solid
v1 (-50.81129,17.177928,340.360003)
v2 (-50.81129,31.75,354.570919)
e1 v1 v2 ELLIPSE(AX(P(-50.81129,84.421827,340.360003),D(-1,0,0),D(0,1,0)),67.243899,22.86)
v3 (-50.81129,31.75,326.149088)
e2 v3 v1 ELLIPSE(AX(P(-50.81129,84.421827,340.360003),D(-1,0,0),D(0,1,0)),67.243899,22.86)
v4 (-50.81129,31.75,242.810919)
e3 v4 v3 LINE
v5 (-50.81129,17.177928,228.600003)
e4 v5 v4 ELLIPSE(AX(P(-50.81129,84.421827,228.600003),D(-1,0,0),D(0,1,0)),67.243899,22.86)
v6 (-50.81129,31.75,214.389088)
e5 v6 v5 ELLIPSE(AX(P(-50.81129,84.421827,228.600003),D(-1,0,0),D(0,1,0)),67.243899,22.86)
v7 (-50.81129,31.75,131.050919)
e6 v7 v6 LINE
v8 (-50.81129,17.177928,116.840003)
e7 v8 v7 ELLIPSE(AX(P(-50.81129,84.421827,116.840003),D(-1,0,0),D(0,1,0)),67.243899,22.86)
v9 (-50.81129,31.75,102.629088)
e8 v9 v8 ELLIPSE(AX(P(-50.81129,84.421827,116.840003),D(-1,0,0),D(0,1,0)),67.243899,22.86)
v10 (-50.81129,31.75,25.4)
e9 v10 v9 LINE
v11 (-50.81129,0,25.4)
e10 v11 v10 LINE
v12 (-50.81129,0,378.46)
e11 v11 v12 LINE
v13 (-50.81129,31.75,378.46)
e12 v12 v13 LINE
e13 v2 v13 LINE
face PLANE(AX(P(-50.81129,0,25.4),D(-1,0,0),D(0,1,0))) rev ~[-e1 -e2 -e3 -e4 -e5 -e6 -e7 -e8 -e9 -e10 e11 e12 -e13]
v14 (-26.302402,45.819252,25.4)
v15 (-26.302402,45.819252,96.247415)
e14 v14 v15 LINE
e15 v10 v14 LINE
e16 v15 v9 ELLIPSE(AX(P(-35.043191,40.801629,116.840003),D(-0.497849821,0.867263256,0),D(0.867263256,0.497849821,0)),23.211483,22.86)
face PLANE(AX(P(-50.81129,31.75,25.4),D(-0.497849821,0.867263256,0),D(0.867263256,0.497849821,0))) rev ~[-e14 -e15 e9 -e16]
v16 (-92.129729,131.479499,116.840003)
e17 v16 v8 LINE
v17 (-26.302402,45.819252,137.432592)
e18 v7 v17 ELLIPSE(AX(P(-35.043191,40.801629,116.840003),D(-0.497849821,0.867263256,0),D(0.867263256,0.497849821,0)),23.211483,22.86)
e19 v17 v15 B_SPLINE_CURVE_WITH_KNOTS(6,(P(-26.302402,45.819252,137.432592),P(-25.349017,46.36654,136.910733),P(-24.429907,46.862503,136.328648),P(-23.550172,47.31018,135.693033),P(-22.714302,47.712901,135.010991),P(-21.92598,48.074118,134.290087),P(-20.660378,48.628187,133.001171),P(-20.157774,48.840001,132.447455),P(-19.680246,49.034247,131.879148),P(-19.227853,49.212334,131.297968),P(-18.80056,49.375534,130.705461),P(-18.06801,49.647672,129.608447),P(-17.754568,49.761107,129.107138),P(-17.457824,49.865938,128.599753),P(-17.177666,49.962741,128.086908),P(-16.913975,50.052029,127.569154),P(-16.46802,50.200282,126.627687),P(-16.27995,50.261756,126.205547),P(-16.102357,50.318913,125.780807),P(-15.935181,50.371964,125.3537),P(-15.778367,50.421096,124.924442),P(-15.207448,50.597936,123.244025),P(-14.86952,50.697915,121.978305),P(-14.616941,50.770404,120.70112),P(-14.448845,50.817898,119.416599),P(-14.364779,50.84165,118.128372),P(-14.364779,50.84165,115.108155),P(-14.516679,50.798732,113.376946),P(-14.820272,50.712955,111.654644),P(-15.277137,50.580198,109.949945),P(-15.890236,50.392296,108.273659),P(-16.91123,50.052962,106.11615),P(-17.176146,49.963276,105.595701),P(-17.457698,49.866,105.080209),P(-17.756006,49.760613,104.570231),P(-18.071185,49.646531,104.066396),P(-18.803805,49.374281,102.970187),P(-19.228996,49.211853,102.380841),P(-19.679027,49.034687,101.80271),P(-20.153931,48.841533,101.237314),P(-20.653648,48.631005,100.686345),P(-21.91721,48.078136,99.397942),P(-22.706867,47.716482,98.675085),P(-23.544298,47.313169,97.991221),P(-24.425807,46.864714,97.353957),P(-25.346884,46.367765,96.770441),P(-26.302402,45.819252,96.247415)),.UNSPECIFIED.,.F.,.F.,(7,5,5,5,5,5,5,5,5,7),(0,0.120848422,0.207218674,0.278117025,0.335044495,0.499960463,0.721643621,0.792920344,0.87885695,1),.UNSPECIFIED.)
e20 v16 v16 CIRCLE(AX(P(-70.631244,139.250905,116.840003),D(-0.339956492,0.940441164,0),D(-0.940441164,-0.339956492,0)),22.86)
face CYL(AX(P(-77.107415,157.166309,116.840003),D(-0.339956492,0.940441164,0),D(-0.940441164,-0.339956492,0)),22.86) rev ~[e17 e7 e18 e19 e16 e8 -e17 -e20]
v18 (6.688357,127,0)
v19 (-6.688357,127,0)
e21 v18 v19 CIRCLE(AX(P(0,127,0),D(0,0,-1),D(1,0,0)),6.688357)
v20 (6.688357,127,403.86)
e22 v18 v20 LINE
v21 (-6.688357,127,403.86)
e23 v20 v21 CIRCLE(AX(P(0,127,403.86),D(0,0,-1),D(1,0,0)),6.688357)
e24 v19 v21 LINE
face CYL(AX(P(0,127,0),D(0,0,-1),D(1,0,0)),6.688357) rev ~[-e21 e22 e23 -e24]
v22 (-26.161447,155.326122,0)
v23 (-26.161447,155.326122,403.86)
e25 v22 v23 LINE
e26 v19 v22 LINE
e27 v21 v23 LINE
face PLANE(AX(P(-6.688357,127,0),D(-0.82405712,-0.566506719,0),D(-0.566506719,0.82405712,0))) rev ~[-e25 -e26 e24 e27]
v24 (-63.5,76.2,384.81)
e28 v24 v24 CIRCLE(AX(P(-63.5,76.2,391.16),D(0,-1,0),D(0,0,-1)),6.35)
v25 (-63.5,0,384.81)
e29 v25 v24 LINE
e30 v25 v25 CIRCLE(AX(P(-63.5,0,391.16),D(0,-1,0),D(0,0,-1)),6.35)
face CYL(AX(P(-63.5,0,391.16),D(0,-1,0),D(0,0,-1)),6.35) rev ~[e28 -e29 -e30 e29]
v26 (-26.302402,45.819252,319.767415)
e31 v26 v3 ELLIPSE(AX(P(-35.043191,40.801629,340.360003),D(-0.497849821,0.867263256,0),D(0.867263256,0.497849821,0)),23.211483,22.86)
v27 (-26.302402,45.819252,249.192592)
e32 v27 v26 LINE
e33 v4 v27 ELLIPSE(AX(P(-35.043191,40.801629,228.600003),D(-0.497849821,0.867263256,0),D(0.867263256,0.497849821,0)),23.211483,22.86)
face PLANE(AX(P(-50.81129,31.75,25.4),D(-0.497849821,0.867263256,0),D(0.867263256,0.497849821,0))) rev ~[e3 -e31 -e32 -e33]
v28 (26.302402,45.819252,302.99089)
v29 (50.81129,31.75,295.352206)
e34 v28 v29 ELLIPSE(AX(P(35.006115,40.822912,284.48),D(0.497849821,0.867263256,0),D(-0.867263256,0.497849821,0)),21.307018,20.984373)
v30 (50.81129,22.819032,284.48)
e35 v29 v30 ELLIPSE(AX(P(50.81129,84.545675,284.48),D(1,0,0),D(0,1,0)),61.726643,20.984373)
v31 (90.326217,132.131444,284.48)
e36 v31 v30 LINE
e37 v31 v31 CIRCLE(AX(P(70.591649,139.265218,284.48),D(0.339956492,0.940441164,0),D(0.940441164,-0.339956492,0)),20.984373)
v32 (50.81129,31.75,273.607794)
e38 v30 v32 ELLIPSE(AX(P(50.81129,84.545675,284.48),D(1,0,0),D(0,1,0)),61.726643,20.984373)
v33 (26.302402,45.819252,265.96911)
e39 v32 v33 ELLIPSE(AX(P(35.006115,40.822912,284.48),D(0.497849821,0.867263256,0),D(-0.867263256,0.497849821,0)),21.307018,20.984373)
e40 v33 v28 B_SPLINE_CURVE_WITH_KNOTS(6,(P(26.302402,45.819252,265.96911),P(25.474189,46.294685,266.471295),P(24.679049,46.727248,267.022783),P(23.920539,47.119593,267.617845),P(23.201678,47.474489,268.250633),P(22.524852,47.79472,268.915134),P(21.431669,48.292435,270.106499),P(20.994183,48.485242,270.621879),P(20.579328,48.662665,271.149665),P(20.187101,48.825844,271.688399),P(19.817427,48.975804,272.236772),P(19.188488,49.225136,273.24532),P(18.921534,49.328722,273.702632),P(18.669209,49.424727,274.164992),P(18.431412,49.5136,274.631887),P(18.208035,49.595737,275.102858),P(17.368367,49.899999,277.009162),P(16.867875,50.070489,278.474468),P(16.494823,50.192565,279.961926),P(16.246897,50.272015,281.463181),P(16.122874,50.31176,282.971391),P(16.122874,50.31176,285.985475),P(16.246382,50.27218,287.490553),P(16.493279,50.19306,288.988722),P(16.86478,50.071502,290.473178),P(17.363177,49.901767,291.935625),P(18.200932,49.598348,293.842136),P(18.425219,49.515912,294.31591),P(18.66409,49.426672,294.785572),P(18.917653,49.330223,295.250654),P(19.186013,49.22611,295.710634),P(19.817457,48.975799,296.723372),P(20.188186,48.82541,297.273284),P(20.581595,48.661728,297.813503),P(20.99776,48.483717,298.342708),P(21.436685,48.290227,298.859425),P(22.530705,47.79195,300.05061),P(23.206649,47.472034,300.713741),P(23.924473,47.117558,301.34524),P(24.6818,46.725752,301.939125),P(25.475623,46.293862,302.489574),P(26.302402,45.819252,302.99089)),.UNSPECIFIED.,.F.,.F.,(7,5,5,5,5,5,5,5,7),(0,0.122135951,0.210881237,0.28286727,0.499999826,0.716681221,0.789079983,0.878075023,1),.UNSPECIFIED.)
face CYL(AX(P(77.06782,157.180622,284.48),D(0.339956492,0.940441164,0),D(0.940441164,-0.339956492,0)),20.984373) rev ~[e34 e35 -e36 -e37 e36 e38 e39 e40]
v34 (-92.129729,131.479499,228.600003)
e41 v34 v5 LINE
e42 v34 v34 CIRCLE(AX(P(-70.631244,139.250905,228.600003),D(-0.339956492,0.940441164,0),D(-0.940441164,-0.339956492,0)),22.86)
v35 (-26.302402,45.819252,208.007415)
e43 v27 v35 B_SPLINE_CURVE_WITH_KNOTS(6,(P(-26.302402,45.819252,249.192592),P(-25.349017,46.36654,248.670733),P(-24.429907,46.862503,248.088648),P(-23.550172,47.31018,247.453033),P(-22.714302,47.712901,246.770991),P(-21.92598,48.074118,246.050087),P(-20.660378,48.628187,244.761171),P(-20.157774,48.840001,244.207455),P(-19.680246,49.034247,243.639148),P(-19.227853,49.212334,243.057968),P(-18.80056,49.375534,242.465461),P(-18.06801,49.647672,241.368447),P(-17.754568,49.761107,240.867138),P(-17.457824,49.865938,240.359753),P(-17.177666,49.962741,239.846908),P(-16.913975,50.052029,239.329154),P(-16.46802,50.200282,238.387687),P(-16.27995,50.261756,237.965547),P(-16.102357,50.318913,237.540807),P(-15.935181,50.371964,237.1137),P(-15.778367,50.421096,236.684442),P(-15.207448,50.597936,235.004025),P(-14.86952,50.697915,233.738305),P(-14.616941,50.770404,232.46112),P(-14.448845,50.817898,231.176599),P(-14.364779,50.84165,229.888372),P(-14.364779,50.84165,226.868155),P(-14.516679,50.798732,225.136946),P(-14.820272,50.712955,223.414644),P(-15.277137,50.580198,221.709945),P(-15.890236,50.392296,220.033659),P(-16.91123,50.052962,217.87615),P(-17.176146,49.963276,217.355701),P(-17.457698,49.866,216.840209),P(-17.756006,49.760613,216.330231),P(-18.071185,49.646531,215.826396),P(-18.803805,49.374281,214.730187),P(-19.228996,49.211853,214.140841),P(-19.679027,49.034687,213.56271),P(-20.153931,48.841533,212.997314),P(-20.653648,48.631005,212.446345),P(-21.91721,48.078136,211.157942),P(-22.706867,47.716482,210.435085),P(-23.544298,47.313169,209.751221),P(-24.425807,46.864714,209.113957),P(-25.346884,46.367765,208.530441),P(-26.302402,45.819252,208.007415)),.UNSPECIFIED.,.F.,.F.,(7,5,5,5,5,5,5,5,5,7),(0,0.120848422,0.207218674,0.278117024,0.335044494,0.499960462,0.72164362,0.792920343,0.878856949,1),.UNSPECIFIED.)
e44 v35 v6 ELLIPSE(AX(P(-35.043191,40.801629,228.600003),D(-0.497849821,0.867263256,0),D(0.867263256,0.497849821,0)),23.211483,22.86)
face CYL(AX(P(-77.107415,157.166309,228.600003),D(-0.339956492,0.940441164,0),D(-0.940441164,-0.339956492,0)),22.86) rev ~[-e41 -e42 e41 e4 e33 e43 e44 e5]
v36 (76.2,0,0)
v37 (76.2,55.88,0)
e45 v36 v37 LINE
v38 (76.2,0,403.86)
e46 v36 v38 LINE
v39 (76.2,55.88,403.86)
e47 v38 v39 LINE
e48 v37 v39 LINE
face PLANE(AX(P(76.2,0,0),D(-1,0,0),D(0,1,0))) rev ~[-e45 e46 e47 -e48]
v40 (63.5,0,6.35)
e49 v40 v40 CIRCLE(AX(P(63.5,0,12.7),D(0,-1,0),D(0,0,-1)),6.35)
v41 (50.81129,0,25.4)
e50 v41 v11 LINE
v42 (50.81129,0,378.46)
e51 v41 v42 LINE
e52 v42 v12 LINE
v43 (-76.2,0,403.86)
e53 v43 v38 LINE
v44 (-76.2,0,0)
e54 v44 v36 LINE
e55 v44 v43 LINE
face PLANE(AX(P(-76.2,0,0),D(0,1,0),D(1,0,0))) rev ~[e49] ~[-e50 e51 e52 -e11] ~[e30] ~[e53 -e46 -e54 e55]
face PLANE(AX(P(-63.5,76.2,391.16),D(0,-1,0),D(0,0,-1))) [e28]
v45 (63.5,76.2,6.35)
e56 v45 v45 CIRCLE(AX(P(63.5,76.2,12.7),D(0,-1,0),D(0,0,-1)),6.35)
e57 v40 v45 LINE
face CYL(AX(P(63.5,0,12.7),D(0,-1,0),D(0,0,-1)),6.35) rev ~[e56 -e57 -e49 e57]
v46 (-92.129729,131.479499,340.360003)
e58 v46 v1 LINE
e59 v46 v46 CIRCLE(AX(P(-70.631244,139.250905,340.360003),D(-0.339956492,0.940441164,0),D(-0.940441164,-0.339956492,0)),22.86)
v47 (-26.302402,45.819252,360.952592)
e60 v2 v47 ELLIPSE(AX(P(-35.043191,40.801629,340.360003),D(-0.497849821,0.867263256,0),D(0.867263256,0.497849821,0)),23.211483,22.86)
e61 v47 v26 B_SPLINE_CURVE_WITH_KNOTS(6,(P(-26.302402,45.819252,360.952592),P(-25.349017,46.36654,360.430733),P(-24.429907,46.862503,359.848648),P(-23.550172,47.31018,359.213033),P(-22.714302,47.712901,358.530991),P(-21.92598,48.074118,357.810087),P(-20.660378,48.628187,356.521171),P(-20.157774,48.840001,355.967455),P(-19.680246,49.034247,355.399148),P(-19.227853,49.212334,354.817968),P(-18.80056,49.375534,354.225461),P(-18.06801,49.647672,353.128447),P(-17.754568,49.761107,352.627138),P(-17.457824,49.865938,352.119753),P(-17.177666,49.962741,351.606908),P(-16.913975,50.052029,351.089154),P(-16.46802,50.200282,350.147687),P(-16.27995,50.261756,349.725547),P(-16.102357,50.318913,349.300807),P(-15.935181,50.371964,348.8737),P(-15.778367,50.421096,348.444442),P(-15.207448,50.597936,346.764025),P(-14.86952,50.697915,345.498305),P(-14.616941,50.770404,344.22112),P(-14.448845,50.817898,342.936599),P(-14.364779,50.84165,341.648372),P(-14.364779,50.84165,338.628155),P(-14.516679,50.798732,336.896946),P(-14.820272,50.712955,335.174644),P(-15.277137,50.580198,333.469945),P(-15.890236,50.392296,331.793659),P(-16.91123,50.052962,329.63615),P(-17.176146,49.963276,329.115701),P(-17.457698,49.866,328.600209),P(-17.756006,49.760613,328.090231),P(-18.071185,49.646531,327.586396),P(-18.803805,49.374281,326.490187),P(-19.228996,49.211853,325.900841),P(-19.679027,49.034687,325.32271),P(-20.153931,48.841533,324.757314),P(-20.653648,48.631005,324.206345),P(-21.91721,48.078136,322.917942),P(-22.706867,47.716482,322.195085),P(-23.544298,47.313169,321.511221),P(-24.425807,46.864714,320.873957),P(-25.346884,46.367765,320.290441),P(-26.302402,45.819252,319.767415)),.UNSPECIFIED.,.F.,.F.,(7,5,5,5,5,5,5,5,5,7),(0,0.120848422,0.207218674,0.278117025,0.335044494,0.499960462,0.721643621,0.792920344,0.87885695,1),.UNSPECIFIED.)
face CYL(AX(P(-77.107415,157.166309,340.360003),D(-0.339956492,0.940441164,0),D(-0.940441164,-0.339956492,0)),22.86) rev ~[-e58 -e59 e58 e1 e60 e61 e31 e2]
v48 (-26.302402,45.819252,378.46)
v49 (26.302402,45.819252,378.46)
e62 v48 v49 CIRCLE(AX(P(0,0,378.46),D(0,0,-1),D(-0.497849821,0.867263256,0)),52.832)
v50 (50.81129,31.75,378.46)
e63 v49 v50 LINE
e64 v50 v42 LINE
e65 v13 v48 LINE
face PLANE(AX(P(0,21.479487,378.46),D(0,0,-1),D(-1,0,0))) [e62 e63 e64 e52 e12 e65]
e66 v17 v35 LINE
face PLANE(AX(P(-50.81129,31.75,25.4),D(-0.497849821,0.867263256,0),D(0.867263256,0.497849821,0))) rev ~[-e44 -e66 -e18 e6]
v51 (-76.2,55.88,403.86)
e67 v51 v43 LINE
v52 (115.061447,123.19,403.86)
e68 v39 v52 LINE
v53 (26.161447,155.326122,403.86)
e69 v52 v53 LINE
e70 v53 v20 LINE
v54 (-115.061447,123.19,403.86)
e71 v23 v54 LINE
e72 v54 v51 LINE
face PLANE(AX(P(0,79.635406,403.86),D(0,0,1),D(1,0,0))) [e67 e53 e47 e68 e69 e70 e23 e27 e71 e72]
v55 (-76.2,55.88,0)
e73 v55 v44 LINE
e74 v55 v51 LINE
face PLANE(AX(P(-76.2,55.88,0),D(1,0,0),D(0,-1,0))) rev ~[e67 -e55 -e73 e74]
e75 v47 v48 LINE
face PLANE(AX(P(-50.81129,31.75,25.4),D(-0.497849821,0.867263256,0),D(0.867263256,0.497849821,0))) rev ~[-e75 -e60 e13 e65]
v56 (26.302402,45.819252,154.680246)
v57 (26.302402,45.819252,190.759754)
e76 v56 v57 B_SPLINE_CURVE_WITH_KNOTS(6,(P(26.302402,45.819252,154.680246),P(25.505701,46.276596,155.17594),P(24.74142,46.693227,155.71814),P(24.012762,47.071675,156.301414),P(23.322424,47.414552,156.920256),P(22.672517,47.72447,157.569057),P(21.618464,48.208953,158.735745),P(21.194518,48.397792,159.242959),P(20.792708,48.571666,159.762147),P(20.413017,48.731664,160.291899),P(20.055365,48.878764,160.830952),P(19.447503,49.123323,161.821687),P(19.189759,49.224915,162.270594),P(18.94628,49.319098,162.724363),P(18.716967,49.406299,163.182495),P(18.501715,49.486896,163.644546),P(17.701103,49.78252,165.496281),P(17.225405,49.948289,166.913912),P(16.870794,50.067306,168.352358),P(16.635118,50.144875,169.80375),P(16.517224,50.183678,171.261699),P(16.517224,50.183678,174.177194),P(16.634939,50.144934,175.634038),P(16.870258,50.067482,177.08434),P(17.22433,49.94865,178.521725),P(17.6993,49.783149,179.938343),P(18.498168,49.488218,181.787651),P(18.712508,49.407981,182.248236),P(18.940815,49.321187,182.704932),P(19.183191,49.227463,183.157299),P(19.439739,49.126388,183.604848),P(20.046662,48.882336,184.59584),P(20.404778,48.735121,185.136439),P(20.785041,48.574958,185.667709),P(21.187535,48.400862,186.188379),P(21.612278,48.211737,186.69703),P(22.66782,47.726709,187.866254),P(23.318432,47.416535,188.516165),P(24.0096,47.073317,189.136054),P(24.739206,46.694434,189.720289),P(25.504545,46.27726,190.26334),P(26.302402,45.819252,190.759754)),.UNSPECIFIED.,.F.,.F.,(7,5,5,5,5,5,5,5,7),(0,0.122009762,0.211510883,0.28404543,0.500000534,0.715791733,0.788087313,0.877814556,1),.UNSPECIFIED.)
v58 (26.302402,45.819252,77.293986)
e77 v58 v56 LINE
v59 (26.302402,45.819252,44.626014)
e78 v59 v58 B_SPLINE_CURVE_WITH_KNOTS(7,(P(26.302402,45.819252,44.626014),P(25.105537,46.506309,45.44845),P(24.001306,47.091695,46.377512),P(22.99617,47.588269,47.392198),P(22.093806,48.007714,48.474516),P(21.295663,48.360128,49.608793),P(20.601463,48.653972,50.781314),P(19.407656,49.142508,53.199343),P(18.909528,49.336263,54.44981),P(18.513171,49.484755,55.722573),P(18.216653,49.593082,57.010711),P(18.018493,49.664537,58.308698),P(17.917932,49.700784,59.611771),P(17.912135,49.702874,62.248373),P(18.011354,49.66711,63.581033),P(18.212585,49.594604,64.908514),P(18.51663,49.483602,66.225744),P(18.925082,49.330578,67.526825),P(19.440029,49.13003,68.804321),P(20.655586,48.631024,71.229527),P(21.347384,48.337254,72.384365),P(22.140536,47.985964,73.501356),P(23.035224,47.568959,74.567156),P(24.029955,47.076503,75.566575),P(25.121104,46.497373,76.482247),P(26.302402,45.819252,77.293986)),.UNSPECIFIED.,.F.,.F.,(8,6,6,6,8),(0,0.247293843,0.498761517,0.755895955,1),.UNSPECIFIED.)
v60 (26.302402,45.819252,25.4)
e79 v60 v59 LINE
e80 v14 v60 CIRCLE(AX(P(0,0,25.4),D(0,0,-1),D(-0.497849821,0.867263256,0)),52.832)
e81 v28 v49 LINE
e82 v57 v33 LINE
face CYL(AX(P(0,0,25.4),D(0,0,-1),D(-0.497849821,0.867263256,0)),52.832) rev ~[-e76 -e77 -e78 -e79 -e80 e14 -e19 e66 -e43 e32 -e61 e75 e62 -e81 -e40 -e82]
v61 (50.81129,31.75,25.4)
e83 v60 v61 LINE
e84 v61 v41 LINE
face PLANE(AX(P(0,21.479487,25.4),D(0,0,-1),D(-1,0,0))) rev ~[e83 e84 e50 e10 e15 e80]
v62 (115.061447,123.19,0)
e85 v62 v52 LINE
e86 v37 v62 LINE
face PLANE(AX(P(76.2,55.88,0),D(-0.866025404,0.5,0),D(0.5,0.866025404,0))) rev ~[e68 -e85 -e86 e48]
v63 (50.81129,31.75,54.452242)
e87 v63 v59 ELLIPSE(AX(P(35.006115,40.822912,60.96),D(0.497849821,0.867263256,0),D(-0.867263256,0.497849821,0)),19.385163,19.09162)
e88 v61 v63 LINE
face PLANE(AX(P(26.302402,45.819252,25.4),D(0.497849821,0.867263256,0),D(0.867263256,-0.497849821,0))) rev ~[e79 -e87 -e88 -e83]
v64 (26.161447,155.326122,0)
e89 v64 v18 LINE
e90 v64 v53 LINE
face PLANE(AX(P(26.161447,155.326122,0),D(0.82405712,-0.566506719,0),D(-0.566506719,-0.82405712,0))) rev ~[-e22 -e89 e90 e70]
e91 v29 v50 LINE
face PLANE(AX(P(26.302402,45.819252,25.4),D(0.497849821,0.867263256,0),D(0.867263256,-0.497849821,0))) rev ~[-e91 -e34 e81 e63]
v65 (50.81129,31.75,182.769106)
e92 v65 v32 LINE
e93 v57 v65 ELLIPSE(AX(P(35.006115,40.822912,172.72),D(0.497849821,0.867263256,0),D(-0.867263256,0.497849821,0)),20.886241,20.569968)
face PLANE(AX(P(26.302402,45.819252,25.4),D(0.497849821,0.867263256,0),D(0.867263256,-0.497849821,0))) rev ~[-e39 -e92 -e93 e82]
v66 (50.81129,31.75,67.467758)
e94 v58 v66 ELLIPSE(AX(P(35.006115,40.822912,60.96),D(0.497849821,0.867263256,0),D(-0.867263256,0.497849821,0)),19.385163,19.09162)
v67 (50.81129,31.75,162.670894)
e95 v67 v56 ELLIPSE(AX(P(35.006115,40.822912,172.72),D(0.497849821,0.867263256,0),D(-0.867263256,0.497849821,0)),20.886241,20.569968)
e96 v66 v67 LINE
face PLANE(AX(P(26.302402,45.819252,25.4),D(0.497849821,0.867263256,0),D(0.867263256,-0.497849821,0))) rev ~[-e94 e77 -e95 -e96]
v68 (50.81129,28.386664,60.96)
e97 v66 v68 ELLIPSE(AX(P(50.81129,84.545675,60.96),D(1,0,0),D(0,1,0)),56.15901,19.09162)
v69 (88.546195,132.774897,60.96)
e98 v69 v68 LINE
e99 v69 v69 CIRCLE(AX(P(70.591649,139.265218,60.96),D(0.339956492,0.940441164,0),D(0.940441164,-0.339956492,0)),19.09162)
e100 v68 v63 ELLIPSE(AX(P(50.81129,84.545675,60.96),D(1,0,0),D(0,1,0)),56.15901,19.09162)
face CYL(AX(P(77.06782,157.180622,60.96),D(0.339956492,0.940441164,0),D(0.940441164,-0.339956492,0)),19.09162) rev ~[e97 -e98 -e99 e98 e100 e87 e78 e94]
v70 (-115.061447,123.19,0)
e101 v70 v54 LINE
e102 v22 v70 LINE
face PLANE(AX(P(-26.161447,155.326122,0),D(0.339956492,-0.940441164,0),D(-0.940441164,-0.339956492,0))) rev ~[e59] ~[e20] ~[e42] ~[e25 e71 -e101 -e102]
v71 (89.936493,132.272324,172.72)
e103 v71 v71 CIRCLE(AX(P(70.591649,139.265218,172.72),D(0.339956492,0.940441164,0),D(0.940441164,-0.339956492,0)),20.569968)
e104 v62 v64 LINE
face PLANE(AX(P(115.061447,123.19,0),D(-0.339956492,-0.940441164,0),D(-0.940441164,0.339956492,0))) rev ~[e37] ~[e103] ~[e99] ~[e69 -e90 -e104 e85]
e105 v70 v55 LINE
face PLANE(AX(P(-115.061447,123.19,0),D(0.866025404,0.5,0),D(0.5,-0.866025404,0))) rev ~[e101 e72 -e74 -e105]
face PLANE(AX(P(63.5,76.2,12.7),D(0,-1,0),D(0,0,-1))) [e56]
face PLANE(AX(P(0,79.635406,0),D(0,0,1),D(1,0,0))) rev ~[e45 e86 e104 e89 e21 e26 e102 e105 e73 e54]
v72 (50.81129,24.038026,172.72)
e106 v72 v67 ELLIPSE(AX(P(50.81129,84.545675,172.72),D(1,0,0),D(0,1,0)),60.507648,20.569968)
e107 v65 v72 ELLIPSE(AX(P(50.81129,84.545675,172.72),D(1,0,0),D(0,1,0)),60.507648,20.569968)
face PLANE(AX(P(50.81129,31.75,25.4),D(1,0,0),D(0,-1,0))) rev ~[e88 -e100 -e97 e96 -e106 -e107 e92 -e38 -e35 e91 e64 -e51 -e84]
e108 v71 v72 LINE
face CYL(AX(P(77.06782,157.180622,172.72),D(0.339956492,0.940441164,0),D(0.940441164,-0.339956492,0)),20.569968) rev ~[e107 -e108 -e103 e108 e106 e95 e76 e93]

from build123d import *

# Parameters (mm, degrees)
BOSS_EXTRUDE1_DEPTH = 403.86
BOSS_EXTRUDE2_DEPTH = 403.86
CUT_EXTRUDE2_START  = 19.05
SKETCH3_R           = 19.091620187
SKETCH3_R_2         = 20.569967825
SKETCH3_R_3         = 20.984373032
CUT_EXTRUDE2_DEPTH  = 481.006463827
CUT_EXTRUDE3_START  = 19.05
SKETCH4_R           = 22.86
CUT_EXTRUDE3_DEPTH  = 481.006463827
CUT_EXTRUDE4_START  = 25.4
CUT_EXTRUDE4_DEPTH  = 353.06
SKETCH7_R           = 6.35
CUT_EXTRUDE8_DEPTH  = 76.2


with BuildPart() as part:
    # Sketch1 → Boss-Extrude1 (new body)
    with BuildSketch(Plane.XY):
        with BuildLine():
            Line((76.2, 0), (76.2, 55.88))
            Line((76.2, 55.88), (115.061446619, 123.19))
            Line((115.061446619, 123.19), (26.161446619, 155.326122142))
            Line((26.161446619, 155.326122142), (6.688356563, 127))
            ThreePointArc((6.688356563, 127), (0, 120.311643437), (-6.688356563, 127))
            Line((-6.688356563, 127), (-26.161446619, 155.326122142))
            Line((-26.161446619, 155.326122142), (-115.061446619, 123.19))
            Line((-115.061446619, 123.19), (-76.2, 55.88))
            Line((-76.2, 55.88), (-76.2, 0))
            Line((-76.2, 0), (76.2, 0))
        make_face()
    extrude(amount=BOSS_EXTRUDE1_DEPTH)

    # Sketch1<2> → Boss-Extrude2 (add)
    with BuildSketch(Plane.XY):
        with BuildLine():
            Line((76.2, 0), (76.2, 55.88))
            Line((76.2, 55.88), (115.061446619, 123.19))
            Line((115.061446619, 123.19), (26.161446619, 155.326122142))
            Line((26.161446619, 155.326122142), (6.688356563, 127))
            ThreePointArc((6.688356563, 127), (0, 120.311643437), (-6.688356563, 127))
            Line((-6.688356563, 127), (-26.161446619, 155.326122142))
            Line((-26.161446619, 155.326122142), (-115.061446619, 123.19))
            Line((-115.061446619, 123.19), (-76.2, 55.88))
            Line((-76.2, 55.88), (-76.2, 0))
            Line((-76.2, 0), (76.2, 0))
        make_face()
    extrude(amount=BOSS_EXTRUDE2_DEPTH)

    # Sketch3 → Cut-Extrude2 (cut, through all)
    with BuildSketch(Plane(origin=(52.682660739, 145.73906954, 0), x_dir=(0.9404411643717996, -0.3399564918559638, 0), z_dir=(0.33995649185596377, 0.9404411643717995, 0)).offset(CUT_EXTRUDE2_START)):
        with Locations((19.043177743, -60.96)):
            Circle(SKETCH3_R)
        with Locations((19.043177743, -172.72)):
            Circle(SKETCH3_R_2)
        with Locations((19.043177743, -284.48)):
            Circle(SKETCH3_R_3)
    extrude(amount=-CUT_EXTRUDE2_DEPTH, mode=Mode.SUBTRACT)

    # Sketch4 → Cut-Extrude3 (cut, through all)
    with BuildSketch(Plane(origin=(-52.682660739, 145.73906954, 0), x_dir=(0.9404411643717996, 0.3399564918559638, 0), z_dir=(-0.33995649185596377, 0.9404411643717995, 0)).offset(CUT_EXTRUDE3_START)):
        with Locations((-19.085280601, -116.840003489)):
            Circle(SKETCH4_R)
        with Locations((-19.085280601, -228.600003489)):
            Circle(SKETCH4_R)
        with Locations((-19.085280601, -340.360003489)):
            Circle(SKETCH4_R)
    extrude(amount=-CUT_EXTRUDE3_DEPTH, mode=Mode.SUBTRACT)

    # Sketch6 → Cut-Extrude4 (cut)
    with BuildSketch(Plane.XY.offset(CUT_EXTRUDE4_START)):
        with BuildLine():
            Line((50.811289955, 0), (-50.811289955, 0))
            Line((-50.811289955, 0), (-50.811289955, 31.75))
            Line((-50.811289955, 31.75), (-26.302401749, 45.819252354))
            ThreePointArc((-26.302401749, 45.819252354), (0, 52.832), (26.302401749, 45.819252354))
            Line((26.302401749, 45.819252354), (50.811289955, 31.75))
            Line((50.811289955, 31.75), (50.811289955, 0))
        make_face()
    extrude(amount=CUT_EXTRUDE4_DEPTH, mode=Mode.SUBTRACT)

    # Sketch7 → Cut-Extrude8 (cut)
    with BuildSketch(Plane.XZ):
        with Locations((-63.5, 391.16)):
            Circle(SKETCH7_R)
        with Locations((63.5, 12.7)):
            Circle(SKETCH7_R)
    extrude(amount=-CUT_EXTRUDE8_DEPTH, mode=Mode.SUBTRACT)


solid = part.part
